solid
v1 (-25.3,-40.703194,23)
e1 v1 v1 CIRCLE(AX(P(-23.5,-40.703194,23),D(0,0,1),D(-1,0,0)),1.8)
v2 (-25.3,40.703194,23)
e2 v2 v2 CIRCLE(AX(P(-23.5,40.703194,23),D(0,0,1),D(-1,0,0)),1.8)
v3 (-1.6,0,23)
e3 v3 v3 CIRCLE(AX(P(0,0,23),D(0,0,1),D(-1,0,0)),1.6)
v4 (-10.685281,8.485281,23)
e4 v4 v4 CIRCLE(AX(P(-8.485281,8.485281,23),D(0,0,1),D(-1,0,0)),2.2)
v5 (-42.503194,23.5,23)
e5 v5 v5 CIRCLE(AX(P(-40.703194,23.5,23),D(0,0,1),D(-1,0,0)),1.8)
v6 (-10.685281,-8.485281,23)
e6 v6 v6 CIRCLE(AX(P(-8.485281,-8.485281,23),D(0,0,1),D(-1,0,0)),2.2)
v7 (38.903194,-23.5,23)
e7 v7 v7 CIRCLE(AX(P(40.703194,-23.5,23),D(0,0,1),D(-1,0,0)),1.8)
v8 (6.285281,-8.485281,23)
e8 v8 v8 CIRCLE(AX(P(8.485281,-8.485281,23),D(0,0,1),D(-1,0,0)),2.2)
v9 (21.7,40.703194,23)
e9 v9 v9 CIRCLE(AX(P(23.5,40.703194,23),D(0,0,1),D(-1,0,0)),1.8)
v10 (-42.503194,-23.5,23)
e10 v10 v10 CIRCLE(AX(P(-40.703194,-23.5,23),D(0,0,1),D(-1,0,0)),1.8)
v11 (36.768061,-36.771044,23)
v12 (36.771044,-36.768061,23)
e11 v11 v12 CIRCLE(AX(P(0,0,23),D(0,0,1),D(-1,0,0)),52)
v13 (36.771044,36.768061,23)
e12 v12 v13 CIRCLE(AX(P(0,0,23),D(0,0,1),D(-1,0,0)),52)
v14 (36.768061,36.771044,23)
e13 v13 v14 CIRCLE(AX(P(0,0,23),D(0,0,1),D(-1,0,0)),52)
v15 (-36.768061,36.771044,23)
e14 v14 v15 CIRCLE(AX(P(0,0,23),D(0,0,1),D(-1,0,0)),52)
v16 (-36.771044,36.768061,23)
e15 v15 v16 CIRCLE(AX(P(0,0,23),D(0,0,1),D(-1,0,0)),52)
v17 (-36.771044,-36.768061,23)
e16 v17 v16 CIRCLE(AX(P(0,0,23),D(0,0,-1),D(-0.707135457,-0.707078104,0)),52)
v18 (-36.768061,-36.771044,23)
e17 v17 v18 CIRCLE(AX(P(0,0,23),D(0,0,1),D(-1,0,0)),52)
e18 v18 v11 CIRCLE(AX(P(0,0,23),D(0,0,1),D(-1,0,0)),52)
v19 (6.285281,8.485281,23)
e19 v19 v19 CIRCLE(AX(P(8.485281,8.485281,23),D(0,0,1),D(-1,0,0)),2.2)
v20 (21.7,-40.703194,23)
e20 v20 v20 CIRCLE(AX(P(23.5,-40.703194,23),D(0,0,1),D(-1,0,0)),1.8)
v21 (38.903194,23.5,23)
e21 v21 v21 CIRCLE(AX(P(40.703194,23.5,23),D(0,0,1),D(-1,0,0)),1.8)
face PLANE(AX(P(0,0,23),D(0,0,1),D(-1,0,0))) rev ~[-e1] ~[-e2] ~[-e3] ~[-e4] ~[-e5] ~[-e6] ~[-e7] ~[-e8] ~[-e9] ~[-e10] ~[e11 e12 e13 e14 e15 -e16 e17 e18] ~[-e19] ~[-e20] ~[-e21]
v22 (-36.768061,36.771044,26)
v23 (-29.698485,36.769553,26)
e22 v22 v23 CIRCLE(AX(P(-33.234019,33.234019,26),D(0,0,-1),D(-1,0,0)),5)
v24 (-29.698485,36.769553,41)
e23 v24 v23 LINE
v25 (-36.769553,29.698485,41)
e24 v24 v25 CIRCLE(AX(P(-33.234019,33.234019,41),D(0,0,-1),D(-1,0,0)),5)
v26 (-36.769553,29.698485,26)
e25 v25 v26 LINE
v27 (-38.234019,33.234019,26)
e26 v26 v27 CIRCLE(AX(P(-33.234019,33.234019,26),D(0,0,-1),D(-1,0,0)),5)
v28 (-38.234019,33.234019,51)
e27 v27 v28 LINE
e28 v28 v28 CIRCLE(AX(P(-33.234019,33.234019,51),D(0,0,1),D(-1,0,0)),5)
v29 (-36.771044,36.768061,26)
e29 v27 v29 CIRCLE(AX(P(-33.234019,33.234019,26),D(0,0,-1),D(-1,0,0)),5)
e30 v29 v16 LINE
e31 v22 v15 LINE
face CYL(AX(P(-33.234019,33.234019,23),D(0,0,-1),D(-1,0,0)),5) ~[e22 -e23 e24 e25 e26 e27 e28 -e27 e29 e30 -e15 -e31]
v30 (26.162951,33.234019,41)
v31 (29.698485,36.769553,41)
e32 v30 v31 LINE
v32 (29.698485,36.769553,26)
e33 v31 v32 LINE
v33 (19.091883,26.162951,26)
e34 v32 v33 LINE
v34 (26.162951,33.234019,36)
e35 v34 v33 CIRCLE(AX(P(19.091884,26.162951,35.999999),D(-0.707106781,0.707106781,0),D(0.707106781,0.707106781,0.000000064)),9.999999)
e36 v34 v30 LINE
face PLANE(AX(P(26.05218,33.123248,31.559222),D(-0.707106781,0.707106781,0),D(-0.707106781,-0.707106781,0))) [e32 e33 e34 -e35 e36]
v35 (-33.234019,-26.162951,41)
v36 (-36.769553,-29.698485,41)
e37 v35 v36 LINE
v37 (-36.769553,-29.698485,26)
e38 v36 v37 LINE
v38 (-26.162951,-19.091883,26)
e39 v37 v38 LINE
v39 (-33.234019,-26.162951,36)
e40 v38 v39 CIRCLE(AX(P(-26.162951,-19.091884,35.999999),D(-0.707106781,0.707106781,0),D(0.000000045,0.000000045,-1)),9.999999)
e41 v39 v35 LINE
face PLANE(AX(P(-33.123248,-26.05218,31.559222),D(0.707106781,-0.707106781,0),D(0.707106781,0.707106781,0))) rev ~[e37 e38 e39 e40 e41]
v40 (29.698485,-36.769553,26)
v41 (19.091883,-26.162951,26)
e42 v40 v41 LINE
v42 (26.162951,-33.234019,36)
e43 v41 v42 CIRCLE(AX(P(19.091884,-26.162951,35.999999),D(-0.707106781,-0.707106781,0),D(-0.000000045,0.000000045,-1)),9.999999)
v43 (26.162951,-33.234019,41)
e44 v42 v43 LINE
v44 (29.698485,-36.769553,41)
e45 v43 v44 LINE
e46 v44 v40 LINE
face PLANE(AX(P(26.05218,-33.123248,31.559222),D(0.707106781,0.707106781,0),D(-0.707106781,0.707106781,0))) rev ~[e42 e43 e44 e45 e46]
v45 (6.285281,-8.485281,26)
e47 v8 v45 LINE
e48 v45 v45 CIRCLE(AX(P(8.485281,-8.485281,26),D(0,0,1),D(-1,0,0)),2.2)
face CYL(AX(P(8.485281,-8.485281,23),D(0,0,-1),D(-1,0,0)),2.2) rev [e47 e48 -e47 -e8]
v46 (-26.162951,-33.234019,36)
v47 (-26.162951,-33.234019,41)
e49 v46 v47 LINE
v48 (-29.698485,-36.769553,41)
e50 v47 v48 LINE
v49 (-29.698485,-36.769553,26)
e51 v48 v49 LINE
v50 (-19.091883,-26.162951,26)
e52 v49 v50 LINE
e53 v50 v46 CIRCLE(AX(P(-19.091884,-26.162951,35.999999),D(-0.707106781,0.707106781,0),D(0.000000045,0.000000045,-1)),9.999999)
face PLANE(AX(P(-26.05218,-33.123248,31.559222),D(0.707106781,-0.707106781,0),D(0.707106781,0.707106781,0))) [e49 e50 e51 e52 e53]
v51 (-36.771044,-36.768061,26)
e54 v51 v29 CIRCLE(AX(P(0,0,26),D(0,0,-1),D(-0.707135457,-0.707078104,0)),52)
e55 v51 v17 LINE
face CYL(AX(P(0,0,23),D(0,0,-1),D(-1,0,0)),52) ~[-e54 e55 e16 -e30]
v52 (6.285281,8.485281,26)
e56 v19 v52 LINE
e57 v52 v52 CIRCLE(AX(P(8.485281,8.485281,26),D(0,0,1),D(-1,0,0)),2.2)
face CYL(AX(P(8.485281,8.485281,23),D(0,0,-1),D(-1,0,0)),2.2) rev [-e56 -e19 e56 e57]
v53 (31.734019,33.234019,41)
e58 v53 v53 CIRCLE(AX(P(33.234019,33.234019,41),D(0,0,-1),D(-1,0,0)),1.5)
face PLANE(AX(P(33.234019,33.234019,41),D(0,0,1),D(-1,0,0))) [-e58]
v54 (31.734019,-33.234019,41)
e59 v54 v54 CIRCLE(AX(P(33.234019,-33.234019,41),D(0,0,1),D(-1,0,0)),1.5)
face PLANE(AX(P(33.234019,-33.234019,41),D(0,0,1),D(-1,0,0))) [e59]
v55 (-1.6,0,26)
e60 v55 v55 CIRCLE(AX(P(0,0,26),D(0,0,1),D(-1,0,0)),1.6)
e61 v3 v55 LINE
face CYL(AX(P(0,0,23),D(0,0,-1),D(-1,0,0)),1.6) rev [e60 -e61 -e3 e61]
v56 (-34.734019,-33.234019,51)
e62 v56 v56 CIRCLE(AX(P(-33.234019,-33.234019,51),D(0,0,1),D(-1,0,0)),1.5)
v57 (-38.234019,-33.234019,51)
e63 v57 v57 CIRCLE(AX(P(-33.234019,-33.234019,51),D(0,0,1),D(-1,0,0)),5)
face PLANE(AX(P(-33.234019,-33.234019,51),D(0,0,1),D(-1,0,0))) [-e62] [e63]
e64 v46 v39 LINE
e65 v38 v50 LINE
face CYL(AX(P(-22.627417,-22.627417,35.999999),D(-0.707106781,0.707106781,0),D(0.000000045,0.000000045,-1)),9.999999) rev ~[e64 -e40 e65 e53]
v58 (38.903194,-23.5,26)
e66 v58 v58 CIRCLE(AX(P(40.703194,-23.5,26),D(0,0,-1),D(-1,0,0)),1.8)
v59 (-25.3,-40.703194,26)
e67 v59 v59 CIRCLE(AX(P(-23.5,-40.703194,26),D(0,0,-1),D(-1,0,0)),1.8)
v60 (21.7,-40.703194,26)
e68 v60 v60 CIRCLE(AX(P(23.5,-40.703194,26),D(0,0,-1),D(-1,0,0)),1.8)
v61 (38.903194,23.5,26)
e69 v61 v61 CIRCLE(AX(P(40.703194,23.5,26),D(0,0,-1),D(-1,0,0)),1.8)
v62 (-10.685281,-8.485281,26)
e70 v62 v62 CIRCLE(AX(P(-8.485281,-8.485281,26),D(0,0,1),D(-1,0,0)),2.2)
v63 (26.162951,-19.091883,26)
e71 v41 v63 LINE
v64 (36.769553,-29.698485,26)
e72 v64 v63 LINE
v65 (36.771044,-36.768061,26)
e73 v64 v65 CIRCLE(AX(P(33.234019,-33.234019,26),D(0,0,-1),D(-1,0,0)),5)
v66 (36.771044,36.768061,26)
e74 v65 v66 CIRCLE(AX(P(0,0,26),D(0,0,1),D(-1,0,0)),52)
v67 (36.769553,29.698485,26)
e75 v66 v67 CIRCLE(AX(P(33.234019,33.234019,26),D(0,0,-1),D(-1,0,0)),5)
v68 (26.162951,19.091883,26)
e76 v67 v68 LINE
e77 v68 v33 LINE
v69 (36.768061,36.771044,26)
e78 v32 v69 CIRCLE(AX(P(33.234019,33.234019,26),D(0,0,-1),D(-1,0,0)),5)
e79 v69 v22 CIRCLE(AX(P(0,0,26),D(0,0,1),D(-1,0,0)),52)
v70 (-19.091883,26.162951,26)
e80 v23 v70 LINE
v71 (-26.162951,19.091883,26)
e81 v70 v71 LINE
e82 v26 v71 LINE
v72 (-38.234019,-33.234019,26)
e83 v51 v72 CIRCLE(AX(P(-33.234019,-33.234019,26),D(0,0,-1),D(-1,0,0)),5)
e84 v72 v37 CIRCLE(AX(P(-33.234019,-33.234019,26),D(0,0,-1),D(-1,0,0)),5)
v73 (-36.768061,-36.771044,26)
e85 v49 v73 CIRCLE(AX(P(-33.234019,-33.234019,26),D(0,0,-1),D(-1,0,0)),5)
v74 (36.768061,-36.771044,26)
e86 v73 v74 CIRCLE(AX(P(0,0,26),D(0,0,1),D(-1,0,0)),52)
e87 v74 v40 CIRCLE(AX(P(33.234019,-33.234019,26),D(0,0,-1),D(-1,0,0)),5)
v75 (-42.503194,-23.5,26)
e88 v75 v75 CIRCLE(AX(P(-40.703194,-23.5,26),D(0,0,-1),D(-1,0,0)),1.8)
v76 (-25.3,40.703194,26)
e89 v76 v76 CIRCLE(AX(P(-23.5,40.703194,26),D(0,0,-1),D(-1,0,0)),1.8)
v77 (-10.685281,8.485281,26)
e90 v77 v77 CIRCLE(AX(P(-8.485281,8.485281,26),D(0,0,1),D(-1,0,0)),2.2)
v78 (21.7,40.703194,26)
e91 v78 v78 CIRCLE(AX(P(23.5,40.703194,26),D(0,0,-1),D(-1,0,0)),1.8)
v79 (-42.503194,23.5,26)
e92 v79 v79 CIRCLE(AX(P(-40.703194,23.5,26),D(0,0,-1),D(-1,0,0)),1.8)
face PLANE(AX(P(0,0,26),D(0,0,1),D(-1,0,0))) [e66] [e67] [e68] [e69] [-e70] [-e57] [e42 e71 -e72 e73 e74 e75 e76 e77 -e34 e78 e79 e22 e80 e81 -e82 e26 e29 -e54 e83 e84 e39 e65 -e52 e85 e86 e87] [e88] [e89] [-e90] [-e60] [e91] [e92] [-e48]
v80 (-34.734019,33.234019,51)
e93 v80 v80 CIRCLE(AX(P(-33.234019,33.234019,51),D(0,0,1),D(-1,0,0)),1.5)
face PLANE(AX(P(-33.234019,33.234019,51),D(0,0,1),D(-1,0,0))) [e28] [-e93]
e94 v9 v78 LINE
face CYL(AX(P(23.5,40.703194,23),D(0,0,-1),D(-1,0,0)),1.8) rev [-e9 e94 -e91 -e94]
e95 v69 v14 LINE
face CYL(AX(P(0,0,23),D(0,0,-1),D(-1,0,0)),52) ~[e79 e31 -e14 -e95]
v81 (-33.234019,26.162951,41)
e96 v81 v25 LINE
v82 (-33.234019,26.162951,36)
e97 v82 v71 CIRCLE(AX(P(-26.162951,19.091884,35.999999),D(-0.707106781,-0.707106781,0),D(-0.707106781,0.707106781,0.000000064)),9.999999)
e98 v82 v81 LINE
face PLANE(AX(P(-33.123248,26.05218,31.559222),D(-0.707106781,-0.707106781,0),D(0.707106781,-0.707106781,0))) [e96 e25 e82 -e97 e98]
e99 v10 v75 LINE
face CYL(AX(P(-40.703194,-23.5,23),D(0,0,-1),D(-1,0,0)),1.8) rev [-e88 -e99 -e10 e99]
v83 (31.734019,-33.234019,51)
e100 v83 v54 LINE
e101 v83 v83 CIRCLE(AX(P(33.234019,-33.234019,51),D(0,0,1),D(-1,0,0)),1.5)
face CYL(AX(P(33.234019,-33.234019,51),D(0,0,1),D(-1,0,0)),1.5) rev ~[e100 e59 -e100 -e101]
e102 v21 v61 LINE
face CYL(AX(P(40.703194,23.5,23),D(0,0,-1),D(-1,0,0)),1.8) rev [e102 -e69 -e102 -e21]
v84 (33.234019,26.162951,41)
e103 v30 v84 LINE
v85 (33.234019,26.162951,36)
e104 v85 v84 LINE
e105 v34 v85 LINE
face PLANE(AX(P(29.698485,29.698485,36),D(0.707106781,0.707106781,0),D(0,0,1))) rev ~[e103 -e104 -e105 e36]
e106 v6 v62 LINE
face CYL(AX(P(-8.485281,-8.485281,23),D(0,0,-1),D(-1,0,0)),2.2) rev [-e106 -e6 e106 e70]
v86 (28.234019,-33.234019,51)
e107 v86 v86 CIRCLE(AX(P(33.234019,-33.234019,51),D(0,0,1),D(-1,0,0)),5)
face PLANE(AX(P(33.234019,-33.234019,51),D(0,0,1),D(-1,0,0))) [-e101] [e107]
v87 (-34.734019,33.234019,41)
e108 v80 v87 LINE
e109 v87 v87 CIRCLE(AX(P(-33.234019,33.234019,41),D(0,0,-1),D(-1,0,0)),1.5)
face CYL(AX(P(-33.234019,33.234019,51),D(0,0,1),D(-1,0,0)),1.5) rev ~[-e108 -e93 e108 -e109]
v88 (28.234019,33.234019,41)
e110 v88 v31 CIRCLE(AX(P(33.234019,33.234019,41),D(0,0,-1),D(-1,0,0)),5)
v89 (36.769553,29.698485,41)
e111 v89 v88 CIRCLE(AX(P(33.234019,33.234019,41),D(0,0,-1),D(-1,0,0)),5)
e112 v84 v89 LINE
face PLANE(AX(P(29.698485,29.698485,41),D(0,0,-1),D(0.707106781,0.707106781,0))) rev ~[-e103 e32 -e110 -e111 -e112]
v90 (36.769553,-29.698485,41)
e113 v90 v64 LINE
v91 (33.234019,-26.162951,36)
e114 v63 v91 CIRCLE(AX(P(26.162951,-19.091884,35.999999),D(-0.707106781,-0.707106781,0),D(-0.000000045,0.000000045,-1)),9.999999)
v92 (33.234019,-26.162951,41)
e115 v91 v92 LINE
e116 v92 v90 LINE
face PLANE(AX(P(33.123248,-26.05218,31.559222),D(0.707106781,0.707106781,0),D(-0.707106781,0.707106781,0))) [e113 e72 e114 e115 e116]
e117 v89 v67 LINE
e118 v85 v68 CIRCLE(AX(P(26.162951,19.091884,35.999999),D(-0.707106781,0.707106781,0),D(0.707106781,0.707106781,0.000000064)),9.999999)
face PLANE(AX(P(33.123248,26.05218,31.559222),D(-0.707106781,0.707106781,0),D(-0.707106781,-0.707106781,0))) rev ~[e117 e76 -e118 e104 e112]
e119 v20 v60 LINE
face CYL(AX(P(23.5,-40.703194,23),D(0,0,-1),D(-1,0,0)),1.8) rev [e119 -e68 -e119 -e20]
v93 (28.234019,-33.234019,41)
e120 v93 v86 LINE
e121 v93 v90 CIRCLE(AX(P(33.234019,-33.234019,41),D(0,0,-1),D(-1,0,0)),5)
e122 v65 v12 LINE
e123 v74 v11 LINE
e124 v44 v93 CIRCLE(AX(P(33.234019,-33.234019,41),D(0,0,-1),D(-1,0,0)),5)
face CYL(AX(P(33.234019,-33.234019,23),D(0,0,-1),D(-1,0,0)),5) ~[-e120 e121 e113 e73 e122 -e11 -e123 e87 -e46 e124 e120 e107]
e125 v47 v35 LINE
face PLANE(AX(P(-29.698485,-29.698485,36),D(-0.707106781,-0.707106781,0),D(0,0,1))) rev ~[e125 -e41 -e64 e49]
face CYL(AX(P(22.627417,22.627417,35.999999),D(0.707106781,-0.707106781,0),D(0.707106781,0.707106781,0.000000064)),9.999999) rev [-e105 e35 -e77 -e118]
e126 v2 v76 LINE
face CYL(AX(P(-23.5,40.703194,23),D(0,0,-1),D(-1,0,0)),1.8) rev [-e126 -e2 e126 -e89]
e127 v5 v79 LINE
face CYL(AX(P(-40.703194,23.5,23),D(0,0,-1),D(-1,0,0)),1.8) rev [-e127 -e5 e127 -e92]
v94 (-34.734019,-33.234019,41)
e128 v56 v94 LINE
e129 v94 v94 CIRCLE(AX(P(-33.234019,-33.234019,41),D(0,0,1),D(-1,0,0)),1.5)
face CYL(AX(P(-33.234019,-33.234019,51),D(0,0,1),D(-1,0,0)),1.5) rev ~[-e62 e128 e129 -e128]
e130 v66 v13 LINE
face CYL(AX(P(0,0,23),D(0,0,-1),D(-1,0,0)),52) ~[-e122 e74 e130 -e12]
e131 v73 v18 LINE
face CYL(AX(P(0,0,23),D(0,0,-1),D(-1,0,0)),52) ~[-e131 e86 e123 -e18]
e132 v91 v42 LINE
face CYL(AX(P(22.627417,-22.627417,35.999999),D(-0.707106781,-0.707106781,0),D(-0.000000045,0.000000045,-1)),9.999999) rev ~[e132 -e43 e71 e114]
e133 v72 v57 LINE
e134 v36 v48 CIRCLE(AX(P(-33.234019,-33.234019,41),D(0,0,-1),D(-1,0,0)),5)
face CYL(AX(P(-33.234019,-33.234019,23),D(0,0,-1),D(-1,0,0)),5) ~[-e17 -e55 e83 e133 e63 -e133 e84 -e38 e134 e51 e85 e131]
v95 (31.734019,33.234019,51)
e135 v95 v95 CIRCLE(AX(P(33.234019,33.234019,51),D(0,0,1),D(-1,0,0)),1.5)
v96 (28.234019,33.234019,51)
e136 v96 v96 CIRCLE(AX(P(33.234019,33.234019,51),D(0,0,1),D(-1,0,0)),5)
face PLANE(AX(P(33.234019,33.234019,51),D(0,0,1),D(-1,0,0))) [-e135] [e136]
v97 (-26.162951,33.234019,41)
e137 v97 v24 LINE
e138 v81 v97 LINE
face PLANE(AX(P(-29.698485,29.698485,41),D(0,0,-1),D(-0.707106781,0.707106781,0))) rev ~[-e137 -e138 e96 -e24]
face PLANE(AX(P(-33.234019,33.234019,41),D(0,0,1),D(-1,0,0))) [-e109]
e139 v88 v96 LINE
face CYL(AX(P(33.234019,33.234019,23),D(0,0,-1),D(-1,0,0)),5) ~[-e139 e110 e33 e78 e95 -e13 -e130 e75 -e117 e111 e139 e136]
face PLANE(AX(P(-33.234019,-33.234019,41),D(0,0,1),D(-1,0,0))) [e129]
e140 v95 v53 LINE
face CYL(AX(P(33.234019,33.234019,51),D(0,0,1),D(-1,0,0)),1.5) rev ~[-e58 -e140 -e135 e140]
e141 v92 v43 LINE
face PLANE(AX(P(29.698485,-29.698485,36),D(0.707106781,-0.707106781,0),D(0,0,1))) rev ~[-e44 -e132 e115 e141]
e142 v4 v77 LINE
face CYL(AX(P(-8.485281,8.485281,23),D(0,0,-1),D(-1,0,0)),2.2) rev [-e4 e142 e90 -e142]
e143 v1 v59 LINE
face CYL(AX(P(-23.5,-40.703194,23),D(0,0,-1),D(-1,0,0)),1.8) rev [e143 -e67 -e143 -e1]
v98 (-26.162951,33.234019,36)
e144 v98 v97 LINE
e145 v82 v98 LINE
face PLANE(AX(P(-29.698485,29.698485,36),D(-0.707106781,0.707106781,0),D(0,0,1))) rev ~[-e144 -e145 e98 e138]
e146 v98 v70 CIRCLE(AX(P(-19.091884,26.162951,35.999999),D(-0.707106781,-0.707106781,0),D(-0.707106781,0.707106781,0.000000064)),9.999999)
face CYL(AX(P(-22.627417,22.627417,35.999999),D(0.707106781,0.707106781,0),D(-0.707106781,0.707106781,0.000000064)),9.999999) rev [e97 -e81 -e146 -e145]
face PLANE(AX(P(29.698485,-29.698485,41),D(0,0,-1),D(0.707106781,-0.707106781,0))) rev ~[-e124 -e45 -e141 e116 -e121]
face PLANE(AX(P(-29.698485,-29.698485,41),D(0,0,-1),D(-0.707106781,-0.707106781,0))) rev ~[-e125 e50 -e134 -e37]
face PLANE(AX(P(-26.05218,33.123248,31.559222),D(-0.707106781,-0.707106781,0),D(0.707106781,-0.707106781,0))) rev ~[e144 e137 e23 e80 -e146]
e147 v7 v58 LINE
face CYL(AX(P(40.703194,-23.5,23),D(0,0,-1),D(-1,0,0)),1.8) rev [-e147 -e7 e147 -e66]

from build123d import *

# Parameters (mm, degrees)
SKETCH003_R             = 52
SKETCH003_R_2           = 1.6
SKETCH003_R_3           = 2.2
PAD002_DEPTH            = 3
SKETCH005_R             = 5
PAD004_DEPTH            = 28
SKETCH007_R             = 1.5
POCKET002_DEPTH         = 10
SKETCH011_R             = 1.8
POCKET004_DEPTH         = 5
PAD011_DEPTH            = 5
PAD012_DEPTH            = 5
BODY001_PLACEMENT_ANGLE = 180


with BuildPart() as part:
    # Sketch003 → Pad002 (new body)
    with BuildSketch(Plane.XY):
        Circle(SKETCH003_R)
        Circle(SKETCH003_R_2, mode=Mode.SUBTRACT)
        with Locations((8.485281, 8.485281)):
            Circle(SKETCH003_R_3, mode=Mode.SUBTRACT)
        with Locations((-8.485281, 8.485281)):
            Circle(SKETCH003_R_3, mode=Mode.SUBTRACT)
        with Locations((-8.485281, -8.485281)):
            Circle(SKETCH003_R_3, mode=Mode.SUBTRACT)
        with Locations((8.485281, -8.485281)):
            Circle(SKETCH003_R_3, mode=Mode.SUBTRACT)
    extrude(amount=PAD002_DEPTH)

    # Sketch005 → Pad004 (join)
    with BuildSketch(Plane.XY):
        with Locations((33.234019, 33.234019)):
            Circle(SKETCH005_R)
        with Locations((-33.234019, 33.234019)):
            Circle(SKETCH005_R)
        with Locations((-33.234019, -33.234019)):
            Circle(SKETCH005_R)
        with Locations((33.234019, -33.234019)):
            Circle(SKETCH005_R)
    extrude(amount=PAD004_DEPTH)

    # Sketch007 → Pocket002 (cut)
    with BuildSketch(Plane.XY.offset(28)):
        with Locations((33.234019, 33.234019)):
            Circle(SKETCH007_R)
        with Locations((-33.234019, 33.234019)):
            Circle(SKETCH007_R)
        with Locations((-33.234019, -33.234019)):
            Circle(SKETCH007_R)
        with Locations((33.234019, -33.234019)):
            Circle(SKETCH007_R)
    extrude(amount=-POCKET002_DEPTH, mode=Mode.SUBTRACT)

    # Sketch011 → Pocket004 (cut)
    with BuildSketch(Plane.XY):
        with Locations((23.5, 40.703194)):
            Circle(SKETCH011_R)
        with Locations((-40.703194, 23.5)):
            Circle(SKETCH011_R)
        with Locations((-23.5, -40.703194)):
            Circle(SKETCH011_R)
        with Locations((40.703194, -23.5)):
            Circle(SKETCH011_R)
        with Locations((-23.5, 40.703194)):
            Circle(SKETCH011_R)
        with Locations((40.703194, 23.5)):
            Circle(SKETCH011_R)
        with Locations((23.5, -40.703194)):
            Circle(SKETCH011_R)
        with Locations((-40.703194, -23.5)):
            Circle(SKETCH011_R)
    extrude(amount=POCKET004_DEPTH, mode=Mode.SUBTRACT)

    # Sketch018 → Pad011 (join, symmetric)
    with BuildSketch(Plane(origin=(0, 0, 0), x_dir=(-0.707107, 0.707107, 0), z_dir=(0.707107, 0.707107, 0))):
        with BuildLine():
            Line((-47, 18), (-47, 3))
            Line((-47, 3), (-32, 3))
            ThreePointArc((-42, 13), (-39.071068, 5.928932), (-32, 3))
            Line((-42, 13), (-42, 18))
            Line((-42, 18), (-47, 18))
        make_face()
        with BuildLine():
            Line((47, 18), (47, 3))
            Line((47, 3), (32, 3))
            ThreePointArc((32, 3), (39.071068, 5.928932), (42, 13))
            Line((42, 13), (42, 18))
            Line((42, 18), (47, 18))
        make_face()
    extrude(amount=PAD011_DEPTH, both=True)

    # Sketch019 → Pad012 (join, symmetric)
    with BuildSketch(Plane(origin=(0, 0, 0), x_dir=(0.707107, 0.707107, 0), z_dir=(0.707107, -0.707107, 0))):
        with BuildLine():
            Line((-47, 18), (-47, 3))
            Line((-47, 3), (-32, 3))
            ThreePointArc((-42, 13), (-39.071068, 5.928932), (-32, 3))
            Line((-42, 13), (-42, 18))
            Line((-42, 18), (-47, 18))
        make_face()
        with BuildLine():
            Line((47, 18), (47, 3))
            Line((47, 3), (32, 3))
            ThreePointArc((32, 3), (39.071068, 5.928932), (42, 13))
            Line((42, 13), (42, 18))
            Line((42, 18), (47, 18))
        make_face()
    extrude(amount=PAD012_DEPTH, both=True)


with BuildPart() as part_1:
    # Body001 placement: moved
    add(part.part.moved(Location((0, 0, 23))).rotate(Axis((0, 0, 23), (0, 0, -1)), BODY001_PLACEMENT_ANGLE))


solid = part_1.part
